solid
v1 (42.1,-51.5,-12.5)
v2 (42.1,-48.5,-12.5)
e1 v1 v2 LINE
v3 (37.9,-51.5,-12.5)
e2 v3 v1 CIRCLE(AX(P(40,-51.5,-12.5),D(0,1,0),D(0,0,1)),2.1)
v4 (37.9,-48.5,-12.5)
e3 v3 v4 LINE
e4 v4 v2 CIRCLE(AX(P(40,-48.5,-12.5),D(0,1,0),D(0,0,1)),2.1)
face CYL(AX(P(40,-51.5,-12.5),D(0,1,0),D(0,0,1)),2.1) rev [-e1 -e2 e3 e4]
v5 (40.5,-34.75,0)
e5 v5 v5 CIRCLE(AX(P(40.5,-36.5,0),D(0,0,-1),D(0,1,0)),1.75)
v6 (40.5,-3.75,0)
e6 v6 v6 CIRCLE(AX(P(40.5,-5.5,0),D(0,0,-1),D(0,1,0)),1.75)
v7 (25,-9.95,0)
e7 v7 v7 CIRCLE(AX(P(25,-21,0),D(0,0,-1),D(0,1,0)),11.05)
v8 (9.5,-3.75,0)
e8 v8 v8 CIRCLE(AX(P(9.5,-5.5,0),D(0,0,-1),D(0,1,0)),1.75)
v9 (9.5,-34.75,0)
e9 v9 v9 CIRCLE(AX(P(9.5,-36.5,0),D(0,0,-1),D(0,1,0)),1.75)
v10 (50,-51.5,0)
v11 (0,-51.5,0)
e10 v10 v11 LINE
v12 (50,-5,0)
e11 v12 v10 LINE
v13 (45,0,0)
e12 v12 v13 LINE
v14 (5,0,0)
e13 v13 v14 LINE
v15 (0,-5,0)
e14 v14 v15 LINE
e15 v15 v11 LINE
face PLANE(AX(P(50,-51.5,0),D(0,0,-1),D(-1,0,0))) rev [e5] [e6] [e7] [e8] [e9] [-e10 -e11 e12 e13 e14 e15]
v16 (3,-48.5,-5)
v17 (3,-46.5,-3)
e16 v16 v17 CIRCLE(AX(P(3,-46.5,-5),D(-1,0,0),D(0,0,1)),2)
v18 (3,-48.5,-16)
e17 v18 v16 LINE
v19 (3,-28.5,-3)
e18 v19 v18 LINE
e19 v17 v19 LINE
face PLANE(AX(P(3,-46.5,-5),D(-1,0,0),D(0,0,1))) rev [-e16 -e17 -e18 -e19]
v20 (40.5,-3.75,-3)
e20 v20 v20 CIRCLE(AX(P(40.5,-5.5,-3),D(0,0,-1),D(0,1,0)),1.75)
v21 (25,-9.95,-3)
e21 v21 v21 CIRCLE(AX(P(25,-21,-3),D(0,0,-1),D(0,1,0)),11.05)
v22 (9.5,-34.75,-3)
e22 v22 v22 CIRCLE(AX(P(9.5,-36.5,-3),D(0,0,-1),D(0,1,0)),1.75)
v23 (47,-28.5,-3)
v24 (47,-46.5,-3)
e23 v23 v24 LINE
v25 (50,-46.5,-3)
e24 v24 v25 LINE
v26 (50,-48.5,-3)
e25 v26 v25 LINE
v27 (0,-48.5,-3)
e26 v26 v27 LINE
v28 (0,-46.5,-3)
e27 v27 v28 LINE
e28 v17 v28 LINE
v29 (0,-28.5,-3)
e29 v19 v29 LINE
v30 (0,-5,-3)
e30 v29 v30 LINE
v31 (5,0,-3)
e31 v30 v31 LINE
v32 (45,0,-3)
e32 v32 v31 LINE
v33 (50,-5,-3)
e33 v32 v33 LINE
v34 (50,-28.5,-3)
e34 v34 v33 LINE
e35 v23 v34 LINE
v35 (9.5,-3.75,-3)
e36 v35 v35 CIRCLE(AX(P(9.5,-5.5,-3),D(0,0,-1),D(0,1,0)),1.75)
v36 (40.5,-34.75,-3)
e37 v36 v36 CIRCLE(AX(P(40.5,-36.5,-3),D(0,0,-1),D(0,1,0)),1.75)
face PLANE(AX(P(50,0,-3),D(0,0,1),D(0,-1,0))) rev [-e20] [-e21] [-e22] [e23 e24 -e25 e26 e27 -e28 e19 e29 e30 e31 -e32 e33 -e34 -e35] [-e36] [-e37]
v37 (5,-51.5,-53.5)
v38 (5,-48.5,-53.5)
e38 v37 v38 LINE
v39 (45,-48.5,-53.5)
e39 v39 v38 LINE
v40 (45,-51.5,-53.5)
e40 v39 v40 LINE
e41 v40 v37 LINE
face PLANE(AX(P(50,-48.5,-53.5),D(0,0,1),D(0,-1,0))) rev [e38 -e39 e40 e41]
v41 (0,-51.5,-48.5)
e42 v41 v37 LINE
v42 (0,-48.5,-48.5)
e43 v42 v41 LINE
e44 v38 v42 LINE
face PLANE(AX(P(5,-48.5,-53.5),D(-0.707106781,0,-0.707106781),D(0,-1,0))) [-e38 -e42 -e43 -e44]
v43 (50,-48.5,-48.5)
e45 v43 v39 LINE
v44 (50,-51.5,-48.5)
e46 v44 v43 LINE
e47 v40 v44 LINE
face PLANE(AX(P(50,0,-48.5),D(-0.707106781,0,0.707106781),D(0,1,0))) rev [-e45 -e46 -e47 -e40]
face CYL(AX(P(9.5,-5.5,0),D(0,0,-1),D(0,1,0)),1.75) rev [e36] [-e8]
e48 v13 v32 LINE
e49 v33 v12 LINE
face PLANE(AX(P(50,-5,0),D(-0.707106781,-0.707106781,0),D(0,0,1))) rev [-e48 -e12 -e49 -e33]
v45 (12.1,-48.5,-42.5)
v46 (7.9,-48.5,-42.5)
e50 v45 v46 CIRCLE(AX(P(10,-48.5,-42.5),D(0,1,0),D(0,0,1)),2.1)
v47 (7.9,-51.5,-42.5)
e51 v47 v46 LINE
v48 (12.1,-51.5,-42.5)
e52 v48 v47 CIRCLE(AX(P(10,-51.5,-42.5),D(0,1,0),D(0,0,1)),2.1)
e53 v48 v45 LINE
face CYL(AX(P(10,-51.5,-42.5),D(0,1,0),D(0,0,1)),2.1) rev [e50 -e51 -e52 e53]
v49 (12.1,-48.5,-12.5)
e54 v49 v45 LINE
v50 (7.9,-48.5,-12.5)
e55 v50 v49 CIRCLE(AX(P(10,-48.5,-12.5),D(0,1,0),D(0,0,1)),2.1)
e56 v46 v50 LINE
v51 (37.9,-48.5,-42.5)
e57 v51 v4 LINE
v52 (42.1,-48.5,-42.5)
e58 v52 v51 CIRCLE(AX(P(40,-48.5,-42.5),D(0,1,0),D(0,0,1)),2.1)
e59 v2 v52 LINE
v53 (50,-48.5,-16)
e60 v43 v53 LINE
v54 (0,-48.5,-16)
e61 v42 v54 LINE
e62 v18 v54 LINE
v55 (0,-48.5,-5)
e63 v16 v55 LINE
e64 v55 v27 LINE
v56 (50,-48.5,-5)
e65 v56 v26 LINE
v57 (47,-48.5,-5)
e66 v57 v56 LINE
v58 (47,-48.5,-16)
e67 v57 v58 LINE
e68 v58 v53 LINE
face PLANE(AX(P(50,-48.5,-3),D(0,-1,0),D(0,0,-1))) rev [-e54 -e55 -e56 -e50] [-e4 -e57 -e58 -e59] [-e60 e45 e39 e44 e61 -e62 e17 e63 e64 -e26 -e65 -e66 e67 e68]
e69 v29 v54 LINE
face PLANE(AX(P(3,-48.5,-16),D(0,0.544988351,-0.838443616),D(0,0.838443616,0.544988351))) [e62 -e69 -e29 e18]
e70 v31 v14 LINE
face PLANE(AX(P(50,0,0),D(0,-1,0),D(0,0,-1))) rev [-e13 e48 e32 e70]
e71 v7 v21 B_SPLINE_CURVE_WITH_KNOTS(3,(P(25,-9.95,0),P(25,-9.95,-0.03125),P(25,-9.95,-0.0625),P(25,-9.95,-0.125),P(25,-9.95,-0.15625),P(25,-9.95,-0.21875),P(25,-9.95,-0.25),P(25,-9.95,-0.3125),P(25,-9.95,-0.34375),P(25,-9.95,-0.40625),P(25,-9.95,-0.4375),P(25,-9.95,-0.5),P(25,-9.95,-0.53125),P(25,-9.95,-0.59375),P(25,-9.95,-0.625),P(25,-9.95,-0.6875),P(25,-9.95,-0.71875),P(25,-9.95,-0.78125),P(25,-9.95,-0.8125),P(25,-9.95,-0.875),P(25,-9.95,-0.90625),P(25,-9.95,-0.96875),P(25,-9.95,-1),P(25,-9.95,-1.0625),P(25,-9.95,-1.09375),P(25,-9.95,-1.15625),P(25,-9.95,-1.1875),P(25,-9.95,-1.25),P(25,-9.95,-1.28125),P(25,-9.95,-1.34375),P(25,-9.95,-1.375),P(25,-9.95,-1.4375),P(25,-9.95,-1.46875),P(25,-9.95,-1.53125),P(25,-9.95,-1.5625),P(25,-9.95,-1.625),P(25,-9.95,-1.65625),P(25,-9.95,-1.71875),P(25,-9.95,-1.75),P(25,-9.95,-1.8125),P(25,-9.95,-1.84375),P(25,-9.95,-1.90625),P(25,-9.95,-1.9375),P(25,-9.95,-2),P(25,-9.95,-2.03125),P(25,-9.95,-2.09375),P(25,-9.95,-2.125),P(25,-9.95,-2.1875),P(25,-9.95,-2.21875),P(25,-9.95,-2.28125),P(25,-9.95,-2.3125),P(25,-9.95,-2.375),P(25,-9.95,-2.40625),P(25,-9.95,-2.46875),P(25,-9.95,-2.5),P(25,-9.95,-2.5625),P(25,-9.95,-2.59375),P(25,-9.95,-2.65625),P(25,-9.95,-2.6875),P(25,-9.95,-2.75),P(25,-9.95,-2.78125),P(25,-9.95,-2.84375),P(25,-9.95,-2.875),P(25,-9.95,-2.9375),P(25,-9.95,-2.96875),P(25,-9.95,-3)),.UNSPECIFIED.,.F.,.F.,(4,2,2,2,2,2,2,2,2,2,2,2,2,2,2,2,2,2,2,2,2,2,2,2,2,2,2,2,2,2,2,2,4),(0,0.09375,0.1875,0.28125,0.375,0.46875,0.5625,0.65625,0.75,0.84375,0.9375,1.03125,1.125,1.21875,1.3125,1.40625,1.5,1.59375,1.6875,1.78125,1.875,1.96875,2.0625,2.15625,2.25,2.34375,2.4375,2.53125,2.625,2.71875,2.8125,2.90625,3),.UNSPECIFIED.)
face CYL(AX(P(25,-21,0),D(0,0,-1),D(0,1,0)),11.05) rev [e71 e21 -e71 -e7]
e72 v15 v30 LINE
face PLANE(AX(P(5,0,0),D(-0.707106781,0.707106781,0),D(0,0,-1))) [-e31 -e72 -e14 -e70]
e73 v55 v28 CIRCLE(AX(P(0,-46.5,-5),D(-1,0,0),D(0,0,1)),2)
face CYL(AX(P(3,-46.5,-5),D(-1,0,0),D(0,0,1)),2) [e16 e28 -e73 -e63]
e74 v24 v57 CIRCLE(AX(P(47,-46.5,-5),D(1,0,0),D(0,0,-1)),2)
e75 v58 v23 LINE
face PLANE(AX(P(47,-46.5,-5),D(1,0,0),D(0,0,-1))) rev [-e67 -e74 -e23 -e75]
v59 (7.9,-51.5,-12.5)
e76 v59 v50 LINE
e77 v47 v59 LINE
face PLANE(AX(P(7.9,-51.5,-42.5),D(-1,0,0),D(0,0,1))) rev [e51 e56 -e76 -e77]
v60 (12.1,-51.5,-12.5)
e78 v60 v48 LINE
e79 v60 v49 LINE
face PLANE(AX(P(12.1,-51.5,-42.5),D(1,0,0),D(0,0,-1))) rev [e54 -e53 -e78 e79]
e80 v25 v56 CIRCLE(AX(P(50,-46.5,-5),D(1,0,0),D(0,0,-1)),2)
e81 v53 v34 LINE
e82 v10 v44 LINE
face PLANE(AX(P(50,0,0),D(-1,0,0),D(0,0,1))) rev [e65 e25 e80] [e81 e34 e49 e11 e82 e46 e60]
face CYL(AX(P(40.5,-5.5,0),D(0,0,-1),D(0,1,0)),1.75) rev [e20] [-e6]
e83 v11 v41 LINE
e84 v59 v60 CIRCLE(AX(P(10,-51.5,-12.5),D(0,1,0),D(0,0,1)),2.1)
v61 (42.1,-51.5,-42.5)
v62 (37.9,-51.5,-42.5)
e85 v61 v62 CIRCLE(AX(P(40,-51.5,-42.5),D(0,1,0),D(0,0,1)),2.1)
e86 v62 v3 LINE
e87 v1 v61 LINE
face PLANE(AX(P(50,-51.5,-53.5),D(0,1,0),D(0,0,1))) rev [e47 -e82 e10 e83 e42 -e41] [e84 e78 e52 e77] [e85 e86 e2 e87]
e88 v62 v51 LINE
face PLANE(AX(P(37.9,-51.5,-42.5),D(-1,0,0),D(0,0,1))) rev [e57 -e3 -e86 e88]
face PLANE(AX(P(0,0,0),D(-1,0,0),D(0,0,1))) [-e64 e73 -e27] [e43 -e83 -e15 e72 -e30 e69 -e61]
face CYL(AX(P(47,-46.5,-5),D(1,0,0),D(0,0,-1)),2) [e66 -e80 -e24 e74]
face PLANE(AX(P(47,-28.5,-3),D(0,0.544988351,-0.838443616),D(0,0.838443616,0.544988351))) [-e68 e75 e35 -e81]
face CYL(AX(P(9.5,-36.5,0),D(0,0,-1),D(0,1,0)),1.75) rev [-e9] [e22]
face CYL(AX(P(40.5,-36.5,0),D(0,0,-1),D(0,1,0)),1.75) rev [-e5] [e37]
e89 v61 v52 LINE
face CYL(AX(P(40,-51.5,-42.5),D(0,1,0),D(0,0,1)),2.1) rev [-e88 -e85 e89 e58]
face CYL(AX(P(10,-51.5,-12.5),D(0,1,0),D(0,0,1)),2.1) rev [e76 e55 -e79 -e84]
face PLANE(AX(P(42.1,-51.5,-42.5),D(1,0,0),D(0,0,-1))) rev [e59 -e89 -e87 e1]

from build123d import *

# Parameters (mm, degrees)
EXTRUDE_1_DEPTH     = 50
SKETCH_2_R          = 11.05
CUT_EXTRUDE_1_DEPTH = 88.76388779
CHAMFER_1_SIZE      = 5
SKETCH_3_R          = 1.75
CUT_EXTRUDE_2_DEPTH = 88.76388779
EXTRUDE_3_DEPTH     = 3
EXTRUDE_START       = -3
EXTRUDE_4_DEPTH     = 3
CUT_EXTRUDE_3_DEPTH = 88.832226432


with BuildPart() as part:
    # 草图1 → 凸台-拉伸1 (new body)
    with BuildSketch(Plane(origin=(0, 0, 0), x_dir=(0, 0, -1), z_dir=(1, 0, 0))):
        Polygon((0, 0), (3, 0), (3, -48.5), (53.5, -48.5), (53.5, -51.5), (0, -51.5), align=None)
    extrude(amount=EXTRUDE_1_DEPTH)

    # 草图2 → 切除-拉伸1 (cut, through all)
    with BuildSketch(Plane(origin=(0, 0, -3), x_dir=(-1, 0, 0), z_dir=(0, 0, -1))):
        with Locations(Location((-25, -21, 0), (0, 0, 90))):
            Circle(SKETCH_2_R)
    extrude(amount=-CUT_EXTRUDE_1_DEPTH, mode=Mode.SUBTRACT)

    # 倒角1
    chamfer_1_edges = [part.edges().sort_by_distance(p)[0] for p in [
        (50, -50, -53.5),
        (50, 0, -1.5),
        (0, 0, -1.5),
        (0, -50, -53.5),
    ]]
    chamfer(chamfer_1_edges, length=CHAMFER_1_SIZE)

    # 草图3 → 切除-拉伸2 (cut, through all)
    with BuildSketch(Plane(origin=(0, 0, -3), x_dir=(-1, 0, 0), z_dir=(0, 0, -1))):
        with Locations(Location((-40.5, -5.5, 0), (0, 0, 90))):
            Circle(SKETCH_3_R)
        with Locations(Location((-9.5, -5.5, 0), (0, 0, 90))):
            Circle(SKETCH_3_R)
        with Locations(Location((-9.5, -36.5, 0), (0, 0, 90))):
            Circle(SKETCH_3_R)
        with Locations(Location((-40.5, -36.5, 0), (0, 0, 90))):
            Circle(SKETCH_3_R)
    extrude(amount=-CUT_EXTRUDE_2_DEPTH, mode=Mode.SUBTRACT)

    # 草图4 → 凸台-拉伸3 (add)
    with BuildSketch(Plane(origin=(50, 0, 0), x_dir=(0, 0, -1), z_dir=(1, 0, 0))):
        with BuildLine():
            Line((3, -28.5), (16, -48.5))
            Line((16, -48.5), (5, -48.5))
            ThreePointArc((5, -48.5), (3.585786438, -47.914213562), (3, -46.5))
            Line((3, -46.5), (3, -28.5))
        make_face()
    extrude(amount=-EXTRUDE_3_DEPTH)

    # 草图5 → 凸台-拉伸4 (add)
    with BuildSketch(Plane.ZY.offset(EXTRUDE_START)):
        with BuildLine():
            Line((-5, -48.5), (-16, -48.5))
            Line((-16, -48.5), (-3, -28.5))
            Line((-3, -28.5), (-3, -46.5))
            ThreePointArc((-3, -46.5), (-3.585786438, -47.914213562), (-5, -48.5))
        make_face()
    extrude(amount=EXTRUDE_4_DEPTH)

    # 草图6 → 切除-拉伸3 (cut, through all)
    with BuildSketch(Plane(origin=(0, -48.5, 0), x_dir=(1, 0, 0), z_dir=(0, 1, 0))):
        with BuildLine():
            Line((12.1, 42.5), (12.1, 12.5))
            ThreePointArc((12.1, 12.5), (10, 10.4), (7.9, 12.5))
            Line((7.9, 12.5), (7.9, 42.5))
            ThreePointArc((7.9, 42.5), (10, 44.6), (12.1, 42.5))
        make_face()
        with BuildLine():
            Line((42.1, 42.5), (42.1, 12.5))
            ThreePointArc((42.1, 12.5), (40, 10.4), (37.9, 12.5))
            Line((37.9, 12.5), (37.9, 42.5))
            ThreePointArc((37.9, 42.5), (40, 44.6), (42.1, 42.5))
        make_face()
    extrude(amount=-CUT_EXTRUDE_3_DEPTH, mode=Mode.SUBTRACT)


solid = part.part
